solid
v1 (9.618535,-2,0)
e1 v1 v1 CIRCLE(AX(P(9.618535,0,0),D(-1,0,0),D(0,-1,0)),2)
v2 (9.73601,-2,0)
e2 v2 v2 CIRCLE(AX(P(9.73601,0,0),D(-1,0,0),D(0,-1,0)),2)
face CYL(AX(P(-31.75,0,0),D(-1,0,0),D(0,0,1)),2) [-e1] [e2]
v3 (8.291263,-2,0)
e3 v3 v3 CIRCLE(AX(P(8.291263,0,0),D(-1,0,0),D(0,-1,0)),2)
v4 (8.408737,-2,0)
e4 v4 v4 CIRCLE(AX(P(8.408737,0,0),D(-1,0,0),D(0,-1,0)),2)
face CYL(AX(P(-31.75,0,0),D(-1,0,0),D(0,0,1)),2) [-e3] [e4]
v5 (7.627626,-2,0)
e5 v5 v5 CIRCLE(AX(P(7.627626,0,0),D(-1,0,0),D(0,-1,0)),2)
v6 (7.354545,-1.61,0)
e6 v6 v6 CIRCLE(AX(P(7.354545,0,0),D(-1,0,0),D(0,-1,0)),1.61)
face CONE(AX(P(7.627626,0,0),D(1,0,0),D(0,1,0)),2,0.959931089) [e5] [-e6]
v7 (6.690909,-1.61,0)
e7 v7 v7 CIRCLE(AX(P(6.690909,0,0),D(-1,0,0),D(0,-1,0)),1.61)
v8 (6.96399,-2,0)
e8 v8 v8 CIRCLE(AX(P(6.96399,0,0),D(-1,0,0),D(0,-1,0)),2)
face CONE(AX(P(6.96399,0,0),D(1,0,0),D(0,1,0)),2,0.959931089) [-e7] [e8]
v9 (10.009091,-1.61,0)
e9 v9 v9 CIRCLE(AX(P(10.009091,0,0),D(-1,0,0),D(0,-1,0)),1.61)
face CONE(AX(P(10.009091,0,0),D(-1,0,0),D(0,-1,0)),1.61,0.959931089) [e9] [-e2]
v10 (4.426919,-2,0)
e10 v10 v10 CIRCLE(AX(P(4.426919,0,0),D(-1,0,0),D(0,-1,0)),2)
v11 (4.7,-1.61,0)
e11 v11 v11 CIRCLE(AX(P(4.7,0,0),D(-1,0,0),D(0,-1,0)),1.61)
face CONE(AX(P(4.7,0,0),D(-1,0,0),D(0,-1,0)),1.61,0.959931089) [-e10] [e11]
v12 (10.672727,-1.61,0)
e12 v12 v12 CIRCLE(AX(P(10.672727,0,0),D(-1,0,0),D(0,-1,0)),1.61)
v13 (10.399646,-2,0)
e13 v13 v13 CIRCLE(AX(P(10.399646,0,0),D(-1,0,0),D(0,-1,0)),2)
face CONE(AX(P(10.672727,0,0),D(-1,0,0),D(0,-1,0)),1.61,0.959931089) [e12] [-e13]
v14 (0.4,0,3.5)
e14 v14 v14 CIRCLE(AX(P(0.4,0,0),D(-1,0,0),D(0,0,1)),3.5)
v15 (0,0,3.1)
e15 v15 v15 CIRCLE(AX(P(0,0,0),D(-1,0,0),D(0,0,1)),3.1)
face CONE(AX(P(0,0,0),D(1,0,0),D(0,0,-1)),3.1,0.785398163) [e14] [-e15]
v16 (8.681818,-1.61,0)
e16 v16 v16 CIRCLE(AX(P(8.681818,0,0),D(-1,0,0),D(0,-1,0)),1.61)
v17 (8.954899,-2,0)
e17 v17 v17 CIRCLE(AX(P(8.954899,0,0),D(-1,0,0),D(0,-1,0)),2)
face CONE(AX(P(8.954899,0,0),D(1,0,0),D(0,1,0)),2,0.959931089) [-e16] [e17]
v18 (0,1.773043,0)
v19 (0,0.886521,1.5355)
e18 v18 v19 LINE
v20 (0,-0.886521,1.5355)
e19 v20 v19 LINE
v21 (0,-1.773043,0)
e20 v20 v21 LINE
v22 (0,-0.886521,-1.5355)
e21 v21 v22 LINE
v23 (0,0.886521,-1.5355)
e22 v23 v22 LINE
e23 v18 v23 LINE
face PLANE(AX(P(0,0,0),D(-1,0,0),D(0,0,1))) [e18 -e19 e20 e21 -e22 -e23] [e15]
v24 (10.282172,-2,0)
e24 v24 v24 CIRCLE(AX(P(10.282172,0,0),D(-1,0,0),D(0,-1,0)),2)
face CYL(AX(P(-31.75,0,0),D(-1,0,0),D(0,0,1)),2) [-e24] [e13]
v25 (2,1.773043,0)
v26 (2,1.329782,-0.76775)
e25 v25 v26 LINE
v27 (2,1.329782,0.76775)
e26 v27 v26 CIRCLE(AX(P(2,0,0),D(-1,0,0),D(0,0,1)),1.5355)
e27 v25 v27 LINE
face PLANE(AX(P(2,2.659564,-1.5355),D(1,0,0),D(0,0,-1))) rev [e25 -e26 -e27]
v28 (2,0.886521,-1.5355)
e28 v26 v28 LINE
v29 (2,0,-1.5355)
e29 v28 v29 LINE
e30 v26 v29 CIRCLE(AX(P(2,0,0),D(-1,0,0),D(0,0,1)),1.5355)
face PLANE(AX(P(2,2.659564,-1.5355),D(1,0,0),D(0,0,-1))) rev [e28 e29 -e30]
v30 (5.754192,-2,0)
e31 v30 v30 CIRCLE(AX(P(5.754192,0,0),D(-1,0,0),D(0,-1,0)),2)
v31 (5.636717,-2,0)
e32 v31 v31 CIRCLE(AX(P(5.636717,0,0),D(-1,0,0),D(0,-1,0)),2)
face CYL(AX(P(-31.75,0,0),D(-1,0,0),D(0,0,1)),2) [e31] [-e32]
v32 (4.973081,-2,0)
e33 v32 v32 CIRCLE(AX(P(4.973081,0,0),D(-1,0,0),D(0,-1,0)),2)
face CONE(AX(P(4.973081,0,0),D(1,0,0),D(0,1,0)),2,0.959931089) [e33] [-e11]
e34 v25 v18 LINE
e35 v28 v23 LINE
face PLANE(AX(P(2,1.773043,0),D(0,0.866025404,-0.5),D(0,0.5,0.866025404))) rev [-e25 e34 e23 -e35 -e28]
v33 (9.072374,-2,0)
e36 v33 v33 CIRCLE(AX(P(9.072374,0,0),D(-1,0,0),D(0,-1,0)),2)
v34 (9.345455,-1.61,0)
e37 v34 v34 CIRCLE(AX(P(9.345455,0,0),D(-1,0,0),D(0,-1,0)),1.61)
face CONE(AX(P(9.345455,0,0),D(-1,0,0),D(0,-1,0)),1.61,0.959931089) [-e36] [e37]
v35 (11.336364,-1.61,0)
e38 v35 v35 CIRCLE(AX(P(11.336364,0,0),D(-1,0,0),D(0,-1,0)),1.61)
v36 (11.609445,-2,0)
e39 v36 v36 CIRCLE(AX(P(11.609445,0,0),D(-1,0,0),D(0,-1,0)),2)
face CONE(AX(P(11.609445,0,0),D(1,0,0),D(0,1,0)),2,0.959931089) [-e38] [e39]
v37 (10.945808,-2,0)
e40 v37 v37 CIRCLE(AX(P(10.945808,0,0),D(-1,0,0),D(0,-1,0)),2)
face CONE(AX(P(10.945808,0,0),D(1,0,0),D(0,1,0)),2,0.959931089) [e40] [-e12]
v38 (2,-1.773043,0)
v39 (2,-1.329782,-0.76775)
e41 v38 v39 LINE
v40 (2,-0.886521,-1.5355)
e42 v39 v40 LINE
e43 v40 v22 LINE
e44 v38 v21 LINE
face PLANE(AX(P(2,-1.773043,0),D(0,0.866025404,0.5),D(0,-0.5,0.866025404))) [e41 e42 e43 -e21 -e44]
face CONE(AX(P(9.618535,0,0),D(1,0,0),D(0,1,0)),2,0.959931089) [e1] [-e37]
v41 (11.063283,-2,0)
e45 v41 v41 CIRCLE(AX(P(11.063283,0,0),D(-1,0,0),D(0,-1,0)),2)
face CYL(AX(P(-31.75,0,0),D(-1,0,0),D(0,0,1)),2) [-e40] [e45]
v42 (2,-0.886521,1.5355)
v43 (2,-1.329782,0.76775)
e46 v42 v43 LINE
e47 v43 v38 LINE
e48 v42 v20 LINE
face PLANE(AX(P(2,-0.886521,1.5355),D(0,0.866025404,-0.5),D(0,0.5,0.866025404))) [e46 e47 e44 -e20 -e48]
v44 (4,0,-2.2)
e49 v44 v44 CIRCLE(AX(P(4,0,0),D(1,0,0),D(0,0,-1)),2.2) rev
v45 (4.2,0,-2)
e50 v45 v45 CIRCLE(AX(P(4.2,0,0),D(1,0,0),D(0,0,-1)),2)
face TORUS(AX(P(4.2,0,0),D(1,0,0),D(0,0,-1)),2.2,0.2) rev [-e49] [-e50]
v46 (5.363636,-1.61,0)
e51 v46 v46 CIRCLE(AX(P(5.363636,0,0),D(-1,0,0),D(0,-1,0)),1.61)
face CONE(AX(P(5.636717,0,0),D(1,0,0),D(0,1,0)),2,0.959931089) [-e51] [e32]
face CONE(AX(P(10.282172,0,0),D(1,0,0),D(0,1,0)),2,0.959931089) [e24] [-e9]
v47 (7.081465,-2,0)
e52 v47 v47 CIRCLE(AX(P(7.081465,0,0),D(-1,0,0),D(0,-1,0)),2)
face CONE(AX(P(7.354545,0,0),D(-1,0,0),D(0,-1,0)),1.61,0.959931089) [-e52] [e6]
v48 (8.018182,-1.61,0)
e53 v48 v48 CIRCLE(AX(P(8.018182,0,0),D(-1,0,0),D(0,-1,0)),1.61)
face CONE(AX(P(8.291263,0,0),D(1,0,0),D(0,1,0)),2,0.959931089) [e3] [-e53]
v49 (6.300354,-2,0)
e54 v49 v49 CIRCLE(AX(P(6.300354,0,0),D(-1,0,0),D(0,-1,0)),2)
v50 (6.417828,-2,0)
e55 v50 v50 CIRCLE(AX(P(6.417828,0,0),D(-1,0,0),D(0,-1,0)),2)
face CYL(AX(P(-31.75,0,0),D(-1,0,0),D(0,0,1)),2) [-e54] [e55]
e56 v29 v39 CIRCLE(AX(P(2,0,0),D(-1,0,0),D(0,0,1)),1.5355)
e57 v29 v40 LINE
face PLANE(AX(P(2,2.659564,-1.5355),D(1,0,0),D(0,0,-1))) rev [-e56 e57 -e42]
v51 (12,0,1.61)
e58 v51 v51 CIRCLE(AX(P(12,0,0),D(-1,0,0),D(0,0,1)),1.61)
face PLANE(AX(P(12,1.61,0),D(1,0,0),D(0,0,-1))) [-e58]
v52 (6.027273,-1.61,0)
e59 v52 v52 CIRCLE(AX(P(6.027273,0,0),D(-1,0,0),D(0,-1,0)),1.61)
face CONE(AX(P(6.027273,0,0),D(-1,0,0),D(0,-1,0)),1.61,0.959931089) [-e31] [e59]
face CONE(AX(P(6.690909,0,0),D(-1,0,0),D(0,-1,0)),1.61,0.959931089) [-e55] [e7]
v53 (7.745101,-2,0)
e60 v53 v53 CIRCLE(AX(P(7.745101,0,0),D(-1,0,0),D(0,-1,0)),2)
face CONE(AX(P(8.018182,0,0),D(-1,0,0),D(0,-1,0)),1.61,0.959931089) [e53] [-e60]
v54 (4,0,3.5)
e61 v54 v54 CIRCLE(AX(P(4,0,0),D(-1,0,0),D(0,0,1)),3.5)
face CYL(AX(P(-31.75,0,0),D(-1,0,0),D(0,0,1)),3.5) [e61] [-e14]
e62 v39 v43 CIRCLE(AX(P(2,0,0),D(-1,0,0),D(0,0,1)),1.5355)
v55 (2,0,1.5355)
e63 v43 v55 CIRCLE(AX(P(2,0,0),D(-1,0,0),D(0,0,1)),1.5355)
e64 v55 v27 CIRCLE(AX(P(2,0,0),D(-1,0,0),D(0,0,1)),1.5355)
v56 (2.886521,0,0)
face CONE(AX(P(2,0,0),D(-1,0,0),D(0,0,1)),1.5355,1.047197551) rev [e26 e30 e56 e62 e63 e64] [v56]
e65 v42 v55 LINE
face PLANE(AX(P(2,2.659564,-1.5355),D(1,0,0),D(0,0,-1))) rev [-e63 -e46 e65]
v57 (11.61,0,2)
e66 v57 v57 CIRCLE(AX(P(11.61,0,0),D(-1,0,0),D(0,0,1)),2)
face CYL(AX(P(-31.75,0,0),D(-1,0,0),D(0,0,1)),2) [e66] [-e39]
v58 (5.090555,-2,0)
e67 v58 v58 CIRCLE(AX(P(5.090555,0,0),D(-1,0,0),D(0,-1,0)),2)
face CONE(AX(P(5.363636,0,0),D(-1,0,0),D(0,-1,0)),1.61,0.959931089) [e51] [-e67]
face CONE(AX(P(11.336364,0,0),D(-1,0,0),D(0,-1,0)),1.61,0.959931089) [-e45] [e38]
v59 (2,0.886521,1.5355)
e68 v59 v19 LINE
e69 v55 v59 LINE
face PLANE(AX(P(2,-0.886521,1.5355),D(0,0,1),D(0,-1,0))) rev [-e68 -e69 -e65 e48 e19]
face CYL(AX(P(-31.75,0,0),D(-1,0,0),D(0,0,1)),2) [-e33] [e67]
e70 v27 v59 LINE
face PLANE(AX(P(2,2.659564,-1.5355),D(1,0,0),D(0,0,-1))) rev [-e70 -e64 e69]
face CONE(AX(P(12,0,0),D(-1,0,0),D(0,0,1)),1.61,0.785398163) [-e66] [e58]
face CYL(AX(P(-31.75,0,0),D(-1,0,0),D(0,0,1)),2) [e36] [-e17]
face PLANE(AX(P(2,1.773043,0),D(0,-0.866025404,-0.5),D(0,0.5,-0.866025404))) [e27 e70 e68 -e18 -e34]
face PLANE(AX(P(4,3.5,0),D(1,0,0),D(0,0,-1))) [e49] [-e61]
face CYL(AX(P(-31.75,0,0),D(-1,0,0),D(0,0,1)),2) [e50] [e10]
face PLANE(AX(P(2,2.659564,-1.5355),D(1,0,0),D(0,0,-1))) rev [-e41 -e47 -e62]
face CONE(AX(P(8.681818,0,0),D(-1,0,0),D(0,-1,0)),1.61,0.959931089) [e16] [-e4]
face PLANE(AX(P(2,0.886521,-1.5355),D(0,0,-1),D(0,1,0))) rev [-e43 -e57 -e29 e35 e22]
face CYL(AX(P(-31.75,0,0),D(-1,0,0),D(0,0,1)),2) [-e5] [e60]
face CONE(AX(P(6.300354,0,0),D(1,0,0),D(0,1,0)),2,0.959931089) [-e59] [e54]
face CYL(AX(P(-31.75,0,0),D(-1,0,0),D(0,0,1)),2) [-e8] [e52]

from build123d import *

# Parameters (mm, degrees)
FILLET1_R       = 0.2
HEX_2_DEPTH     = 2
THDSCHPAT_COUNT = 11
THDSCHPAT_PITCH = 0.663636364


with BuildPart() as part:
    # BodySke → Base-Revolve (revolve)
    with BuildSketch(Plane.XY, mode=Mode.PRIVATE) as base_revolve_sk:
        Polygon((0, 0), (0, 3.1), (0.4, 3.5), (4, 3.5), (4, 2), (11.61, 2), (12, 1.61), (12, 0), align=None)
    revolve(base_revolve_sk.sketch.rotate(Axis((-31.75, 0, 0), (1, 0, 0)), 90), axis=Axis((-31.75, 0, 0), (1, 0, 0)))

    # Fillet1
    fillet1_edges = [part.edges().sort_by_distance(p)[0] for p in [
        (4, 0, -2),
    ]]
    fillet(fillet1_edges, radius=FILLET1_R)

    # Sketch2 → Hex-PreBroach (revolve, cut)
    with BuildSketch(Plane.XY, mode=Mode.PRIVATE) as hex_prebroach_sk:
        Polygon((0, 1.5355), (2, 1.5355), (2.886521338, 0), (0, 0), align=None)
    revolve(hex_prebroach_sk.sketch.rotate(Axis((0, 0, 0), (1, 0, 0)), 90), axis=Axis((0, 0, 0), (1, 0, 0)), mode=Mode.SUBTRACT)

    # Sketch3 → Hex 2 (cut)
    with BuildSketch(Plane(origin=(0, 0, 0), x_dir=(0, 0.500000000000001, 0.866025403784438), z_dir=(-1, 0, 0))):
        Polygon((0.886521338, 1.5355), (-0.886521338, 1.5355), (-1.773042677, 0), (-0.886521338, -1.5355), (0.886521338, -1.5355), (1.773042677, 0), align=None)
    extrude(amount=-HEX_2_DEPTH, mode=Mode.SUBTRACT)

    # ThdSchSke → ThreadSchematic (revolve, cut)
    with BuildSketch(Plane.XY):
        Polygon((4.7, -1.61), (4.42691906, -2), (4.42691906, -2.5), (4.97308094, -2.5), (4.97308094, -2), align=None)
    threadschematic = revolve(axis=Axis((-3.175, 0, 0), (1, 0, 0)), mode=Mode.SUBTRACT)

    # ThdSchPat: ThreadSchematic ×11
    with Locations(*[(i * THDSCHPAT_PITCH, 0, 0) for i in range(1, THDSCHPAT_COUNT)]):
        add(threadschematic, mode=Mode.SUBTRACT)


solid = part.part
